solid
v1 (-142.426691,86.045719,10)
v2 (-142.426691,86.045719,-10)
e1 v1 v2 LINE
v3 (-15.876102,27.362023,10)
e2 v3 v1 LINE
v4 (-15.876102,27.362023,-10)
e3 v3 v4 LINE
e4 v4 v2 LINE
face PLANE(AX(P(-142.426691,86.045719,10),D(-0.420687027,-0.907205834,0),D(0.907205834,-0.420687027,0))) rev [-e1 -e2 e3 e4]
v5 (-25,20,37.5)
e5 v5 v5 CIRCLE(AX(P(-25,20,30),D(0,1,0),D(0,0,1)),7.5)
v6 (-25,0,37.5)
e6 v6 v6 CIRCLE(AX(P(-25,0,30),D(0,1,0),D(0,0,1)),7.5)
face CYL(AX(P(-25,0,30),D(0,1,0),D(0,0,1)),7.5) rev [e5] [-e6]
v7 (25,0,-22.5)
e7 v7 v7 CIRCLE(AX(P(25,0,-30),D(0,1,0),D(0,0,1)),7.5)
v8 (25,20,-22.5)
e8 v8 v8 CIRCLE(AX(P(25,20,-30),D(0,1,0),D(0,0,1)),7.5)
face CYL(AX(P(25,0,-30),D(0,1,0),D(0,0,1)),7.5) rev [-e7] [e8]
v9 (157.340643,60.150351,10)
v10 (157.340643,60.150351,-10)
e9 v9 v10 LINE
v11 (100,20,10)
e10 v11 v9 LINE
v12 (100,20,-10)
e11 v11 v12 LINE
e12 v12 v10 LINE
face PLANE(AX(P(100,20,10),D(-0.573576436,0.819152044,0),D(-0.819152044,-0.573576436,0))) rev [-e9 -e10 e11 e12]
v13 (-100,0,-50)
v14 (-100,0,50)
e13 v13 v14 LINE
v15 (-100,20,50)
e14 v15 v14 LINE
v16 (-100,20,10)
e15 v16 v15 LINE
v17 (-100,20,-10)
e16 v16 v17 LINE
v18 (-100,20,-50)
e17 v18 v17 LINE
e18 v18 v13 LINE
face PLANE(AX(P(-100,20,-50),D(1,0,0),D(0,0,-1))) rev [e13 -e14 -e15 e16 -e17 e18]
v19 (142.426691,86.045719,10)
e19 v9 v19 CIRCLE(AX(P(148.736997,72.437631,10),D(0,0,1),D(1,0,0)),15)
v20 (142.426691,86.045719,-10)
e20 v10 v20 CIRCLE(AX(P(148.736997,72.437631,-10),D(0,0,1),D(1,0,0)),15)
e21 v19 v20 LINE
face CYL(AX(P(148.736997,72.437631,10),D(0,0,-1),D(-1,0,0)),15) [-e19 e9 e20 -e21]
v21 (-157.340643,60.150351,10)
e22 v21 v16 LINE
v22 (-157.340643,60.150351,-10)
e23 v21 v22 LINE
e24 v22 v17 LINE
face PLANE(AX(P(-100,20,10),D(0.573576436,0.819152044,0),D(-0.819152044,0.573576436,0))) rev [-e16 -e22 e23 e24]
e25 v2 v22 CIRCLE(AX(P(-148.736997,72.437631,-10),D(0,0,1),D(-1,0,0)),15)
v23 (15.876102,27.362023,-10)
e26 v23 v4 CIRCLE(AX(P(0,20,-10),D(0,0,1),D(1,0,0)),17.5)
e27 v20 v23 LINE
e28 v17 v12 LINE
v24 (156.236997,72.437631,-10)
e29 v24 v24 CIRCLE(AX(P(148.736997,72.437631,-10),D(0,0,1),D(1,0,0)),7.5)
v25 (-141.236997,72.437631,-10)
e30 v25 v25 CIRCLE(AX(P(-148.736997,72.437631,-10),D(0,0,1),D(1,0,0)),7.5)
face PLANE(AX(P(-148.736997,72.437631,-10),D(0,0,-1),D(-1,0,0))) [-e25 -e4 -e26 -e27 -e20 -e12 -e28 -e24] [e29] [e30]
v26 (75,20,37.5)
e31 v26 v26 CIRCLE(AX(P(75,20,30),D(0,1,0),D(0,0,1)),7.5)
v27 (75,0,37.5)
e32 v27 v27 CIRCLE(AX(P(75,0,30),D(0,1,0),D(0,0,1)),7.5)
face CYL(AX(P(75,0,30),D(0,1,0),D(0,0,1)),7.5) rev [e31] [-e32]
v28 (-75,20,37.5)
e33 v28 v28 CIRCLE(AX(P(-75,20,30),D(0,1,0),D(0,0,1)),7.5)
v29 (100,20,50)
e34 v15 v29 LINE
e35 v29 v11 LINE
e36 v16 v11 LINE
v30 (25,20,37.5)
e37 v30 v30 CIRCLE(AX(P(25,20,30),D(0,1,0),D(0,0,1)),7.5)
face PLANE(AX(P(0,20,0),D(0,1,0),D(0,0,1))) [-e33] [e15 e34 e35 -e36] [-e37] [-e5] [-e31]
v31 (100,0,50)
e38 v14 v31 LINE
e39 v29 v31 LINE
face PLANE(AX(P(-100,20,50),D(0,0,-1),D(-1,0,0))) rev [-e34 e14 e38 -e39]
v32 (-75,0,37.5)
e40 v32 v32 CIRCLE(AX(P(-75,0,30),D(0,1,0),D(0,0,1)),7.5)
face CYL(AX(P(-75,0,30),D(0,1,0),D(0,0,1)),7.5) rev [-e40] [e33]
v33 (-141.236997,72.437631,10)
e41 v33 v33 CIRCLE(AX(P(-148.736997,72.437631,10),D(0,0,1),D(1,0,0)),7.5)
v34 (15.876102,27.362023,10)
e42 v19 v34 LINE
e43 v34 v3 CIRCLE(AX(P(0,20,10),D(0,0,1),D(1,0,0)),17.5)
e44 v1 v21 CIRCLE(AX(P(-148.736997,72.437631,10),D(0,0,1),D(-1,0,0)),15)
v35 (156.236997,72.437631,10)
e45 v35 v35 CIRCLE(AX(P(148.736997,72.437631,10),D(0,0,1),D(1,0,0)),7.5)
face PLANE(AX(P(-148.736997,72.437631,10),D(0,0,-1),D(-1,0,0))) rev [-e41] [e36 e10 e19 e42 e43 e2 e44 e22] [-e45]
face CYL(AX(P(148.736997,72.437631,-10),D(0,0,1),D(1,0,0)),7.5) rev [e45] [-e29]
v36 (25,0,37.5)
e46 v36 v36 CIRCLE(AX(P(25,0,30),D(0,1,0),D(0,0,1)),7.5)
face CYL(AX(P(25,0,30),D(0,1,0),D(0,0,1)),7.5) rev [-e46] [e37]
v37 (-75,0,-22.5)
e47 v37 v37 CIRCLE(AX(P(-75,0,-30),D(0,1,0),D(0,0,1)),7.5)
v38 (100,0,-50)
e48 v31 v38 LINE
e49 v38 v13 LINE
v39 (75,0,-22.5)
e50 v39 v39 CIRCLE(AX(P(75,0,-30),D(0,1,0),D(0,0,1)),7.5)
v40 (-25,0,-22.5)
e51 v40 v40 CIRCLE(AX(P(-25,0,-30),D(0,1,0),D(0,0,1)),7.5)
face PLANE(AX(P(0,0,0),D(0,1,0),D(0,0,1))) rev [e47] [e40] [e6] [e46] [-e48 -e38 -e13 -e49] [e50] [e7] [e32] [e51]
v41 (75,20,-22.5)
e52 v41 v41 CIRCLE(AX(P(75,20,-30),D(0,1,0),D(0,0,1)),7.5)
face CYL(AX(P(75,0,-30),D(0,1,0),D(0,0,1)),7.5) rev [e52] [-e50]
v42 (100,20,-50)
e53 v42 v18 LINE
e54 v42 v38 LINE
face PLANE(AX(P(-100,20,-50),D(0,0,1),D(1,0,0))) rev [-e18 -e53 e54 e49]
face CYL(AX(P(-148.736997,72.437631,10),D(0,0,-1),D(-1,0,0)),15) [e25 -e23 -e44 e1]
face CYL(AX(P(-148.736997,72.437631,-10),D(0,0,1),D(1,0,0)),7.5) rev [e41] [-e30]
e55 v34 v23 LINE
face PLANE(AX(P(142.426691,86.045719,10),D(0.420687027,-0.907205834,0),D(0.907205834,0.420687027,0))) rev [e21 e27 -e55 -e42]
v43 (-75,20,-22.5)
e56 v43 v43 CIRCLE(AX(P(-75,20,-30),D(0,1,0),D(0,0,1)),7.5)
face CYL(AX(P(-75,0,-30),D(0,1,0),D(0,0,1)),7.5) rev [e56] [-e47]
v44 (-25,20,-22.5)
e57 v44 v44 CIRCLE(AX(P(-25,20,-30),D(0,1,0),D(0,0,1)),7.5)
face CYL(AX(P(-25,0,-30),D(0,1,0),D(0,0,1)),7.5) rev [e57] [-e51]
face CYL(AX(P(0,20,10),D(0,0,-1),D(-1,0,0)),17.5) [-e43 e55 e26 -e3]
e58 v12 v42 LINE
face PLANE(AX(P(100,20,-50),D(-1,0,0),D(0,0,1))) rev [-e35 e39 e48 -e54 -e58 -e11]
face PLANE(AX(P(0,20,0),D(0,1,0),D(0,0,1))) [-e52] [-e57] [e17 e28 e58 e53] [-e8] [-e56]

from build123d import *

# Parameters (mm, degrees)
SKETCH1_W           = 200
SKETCH1_H           = 100
BOSS_EXTRUDE1_DEPTH = 20
SKETCH2_R           = 7.5
CUT_EXTRUDE1_DEPTH  = 20
BOSS_EXTRUDE2_DEPTH = 10
SKETCH4_R           = 7.5
CUT_EXTRUDE2_DEPTH  = 20


with BuildPart() as part:
    # Sketch1 → Boss-Extrude1 (new body)
    with BuildSketch(Plane(origin=(0, 0, 0), x_dir=(1, 0, 0), z_dir=(0, 1, 0))):
        Rectangle(SKETCH1_W, SKETCH1_H)
    extrude(amount=BOSS_EXTRUDE1_DEPTH)

    # Sketch2 → Cut-Extrude1 (cut)
    with BuildSketch(Plane(origin=(0, 20, 0), x_dir=(1, 0, 0), z_dir=(0, 1, 0))):
        with Locations((-75, 30)):
            Circle(SKETCH2_R)
        with Locations((-25, 30)):
            Circle(SKETCH2_R)
        with Locations((25, 30)):
            Circle(SKETCH2_R)
        with Locations((75, 30)):
            Circle(SKETCH2_R)
        with Locations((-75, -30)):
            Circle(SKETCH2_R)
        with Locations((-25, -30)):
            Circle(SKETCH2_R)
        with Locations((25, -30)):
            Circle(SKETCH2_R)
        with Locations((75, -30)):
            Circle(SKETCH2_R)
    extrude(amount=-CUT_EXTRUDE1_DEPTH, mode=Mode.SUBTRACT)

    # Sketch3 → Boss-Extrude2 (add, symmetric)
    with BuildSketch(Plane.XY):
        with BuildLine():
            Line((-100, 20), (100, 20))
            Line((100, 20), (157.3406431, 60.150350545))
            ThreePointArc((157.3406431, 60.150350545), (161.735357089, 79.923793338), (142.426691144, 86.045718717))
            Line((142.426691144, 86.045718717), (15.876102092, 27.36202298))
            ThreePointArc((15.876102092, 27.36202298), (0, 37.5), (-15.876102092, 27.36202298))
            Line((-15.876102092, 27.36202298), (-142.426691144, 86.045718717))
            ThreePointArc((-142.426691144, 86.045718717), (-161.735357089, 79.923793338), (-157.3406431, 60.150350545))
            Line((-157.3406431, 60.150350545), (-100, 20))
        make_face()
    extrude(amount=BOSS_EXTRUDE2_DEPTH, both=True)

    # Sketch4 → Cut-Extrude2 (cut)
    with BuildSketch(Plane.XY.offset(10)):
        with Locations((148.736996555, 72.437631209)):
            Circle(SKETCH4_R)
        with Locations((-148.736996555, 72.437631209)):
            Circle(SKETCH4_R)
    extrude(amount=-CUT_EXTRUDE2_DEPTH, mode=Mode.SUBTRACT)


solid = part.part
